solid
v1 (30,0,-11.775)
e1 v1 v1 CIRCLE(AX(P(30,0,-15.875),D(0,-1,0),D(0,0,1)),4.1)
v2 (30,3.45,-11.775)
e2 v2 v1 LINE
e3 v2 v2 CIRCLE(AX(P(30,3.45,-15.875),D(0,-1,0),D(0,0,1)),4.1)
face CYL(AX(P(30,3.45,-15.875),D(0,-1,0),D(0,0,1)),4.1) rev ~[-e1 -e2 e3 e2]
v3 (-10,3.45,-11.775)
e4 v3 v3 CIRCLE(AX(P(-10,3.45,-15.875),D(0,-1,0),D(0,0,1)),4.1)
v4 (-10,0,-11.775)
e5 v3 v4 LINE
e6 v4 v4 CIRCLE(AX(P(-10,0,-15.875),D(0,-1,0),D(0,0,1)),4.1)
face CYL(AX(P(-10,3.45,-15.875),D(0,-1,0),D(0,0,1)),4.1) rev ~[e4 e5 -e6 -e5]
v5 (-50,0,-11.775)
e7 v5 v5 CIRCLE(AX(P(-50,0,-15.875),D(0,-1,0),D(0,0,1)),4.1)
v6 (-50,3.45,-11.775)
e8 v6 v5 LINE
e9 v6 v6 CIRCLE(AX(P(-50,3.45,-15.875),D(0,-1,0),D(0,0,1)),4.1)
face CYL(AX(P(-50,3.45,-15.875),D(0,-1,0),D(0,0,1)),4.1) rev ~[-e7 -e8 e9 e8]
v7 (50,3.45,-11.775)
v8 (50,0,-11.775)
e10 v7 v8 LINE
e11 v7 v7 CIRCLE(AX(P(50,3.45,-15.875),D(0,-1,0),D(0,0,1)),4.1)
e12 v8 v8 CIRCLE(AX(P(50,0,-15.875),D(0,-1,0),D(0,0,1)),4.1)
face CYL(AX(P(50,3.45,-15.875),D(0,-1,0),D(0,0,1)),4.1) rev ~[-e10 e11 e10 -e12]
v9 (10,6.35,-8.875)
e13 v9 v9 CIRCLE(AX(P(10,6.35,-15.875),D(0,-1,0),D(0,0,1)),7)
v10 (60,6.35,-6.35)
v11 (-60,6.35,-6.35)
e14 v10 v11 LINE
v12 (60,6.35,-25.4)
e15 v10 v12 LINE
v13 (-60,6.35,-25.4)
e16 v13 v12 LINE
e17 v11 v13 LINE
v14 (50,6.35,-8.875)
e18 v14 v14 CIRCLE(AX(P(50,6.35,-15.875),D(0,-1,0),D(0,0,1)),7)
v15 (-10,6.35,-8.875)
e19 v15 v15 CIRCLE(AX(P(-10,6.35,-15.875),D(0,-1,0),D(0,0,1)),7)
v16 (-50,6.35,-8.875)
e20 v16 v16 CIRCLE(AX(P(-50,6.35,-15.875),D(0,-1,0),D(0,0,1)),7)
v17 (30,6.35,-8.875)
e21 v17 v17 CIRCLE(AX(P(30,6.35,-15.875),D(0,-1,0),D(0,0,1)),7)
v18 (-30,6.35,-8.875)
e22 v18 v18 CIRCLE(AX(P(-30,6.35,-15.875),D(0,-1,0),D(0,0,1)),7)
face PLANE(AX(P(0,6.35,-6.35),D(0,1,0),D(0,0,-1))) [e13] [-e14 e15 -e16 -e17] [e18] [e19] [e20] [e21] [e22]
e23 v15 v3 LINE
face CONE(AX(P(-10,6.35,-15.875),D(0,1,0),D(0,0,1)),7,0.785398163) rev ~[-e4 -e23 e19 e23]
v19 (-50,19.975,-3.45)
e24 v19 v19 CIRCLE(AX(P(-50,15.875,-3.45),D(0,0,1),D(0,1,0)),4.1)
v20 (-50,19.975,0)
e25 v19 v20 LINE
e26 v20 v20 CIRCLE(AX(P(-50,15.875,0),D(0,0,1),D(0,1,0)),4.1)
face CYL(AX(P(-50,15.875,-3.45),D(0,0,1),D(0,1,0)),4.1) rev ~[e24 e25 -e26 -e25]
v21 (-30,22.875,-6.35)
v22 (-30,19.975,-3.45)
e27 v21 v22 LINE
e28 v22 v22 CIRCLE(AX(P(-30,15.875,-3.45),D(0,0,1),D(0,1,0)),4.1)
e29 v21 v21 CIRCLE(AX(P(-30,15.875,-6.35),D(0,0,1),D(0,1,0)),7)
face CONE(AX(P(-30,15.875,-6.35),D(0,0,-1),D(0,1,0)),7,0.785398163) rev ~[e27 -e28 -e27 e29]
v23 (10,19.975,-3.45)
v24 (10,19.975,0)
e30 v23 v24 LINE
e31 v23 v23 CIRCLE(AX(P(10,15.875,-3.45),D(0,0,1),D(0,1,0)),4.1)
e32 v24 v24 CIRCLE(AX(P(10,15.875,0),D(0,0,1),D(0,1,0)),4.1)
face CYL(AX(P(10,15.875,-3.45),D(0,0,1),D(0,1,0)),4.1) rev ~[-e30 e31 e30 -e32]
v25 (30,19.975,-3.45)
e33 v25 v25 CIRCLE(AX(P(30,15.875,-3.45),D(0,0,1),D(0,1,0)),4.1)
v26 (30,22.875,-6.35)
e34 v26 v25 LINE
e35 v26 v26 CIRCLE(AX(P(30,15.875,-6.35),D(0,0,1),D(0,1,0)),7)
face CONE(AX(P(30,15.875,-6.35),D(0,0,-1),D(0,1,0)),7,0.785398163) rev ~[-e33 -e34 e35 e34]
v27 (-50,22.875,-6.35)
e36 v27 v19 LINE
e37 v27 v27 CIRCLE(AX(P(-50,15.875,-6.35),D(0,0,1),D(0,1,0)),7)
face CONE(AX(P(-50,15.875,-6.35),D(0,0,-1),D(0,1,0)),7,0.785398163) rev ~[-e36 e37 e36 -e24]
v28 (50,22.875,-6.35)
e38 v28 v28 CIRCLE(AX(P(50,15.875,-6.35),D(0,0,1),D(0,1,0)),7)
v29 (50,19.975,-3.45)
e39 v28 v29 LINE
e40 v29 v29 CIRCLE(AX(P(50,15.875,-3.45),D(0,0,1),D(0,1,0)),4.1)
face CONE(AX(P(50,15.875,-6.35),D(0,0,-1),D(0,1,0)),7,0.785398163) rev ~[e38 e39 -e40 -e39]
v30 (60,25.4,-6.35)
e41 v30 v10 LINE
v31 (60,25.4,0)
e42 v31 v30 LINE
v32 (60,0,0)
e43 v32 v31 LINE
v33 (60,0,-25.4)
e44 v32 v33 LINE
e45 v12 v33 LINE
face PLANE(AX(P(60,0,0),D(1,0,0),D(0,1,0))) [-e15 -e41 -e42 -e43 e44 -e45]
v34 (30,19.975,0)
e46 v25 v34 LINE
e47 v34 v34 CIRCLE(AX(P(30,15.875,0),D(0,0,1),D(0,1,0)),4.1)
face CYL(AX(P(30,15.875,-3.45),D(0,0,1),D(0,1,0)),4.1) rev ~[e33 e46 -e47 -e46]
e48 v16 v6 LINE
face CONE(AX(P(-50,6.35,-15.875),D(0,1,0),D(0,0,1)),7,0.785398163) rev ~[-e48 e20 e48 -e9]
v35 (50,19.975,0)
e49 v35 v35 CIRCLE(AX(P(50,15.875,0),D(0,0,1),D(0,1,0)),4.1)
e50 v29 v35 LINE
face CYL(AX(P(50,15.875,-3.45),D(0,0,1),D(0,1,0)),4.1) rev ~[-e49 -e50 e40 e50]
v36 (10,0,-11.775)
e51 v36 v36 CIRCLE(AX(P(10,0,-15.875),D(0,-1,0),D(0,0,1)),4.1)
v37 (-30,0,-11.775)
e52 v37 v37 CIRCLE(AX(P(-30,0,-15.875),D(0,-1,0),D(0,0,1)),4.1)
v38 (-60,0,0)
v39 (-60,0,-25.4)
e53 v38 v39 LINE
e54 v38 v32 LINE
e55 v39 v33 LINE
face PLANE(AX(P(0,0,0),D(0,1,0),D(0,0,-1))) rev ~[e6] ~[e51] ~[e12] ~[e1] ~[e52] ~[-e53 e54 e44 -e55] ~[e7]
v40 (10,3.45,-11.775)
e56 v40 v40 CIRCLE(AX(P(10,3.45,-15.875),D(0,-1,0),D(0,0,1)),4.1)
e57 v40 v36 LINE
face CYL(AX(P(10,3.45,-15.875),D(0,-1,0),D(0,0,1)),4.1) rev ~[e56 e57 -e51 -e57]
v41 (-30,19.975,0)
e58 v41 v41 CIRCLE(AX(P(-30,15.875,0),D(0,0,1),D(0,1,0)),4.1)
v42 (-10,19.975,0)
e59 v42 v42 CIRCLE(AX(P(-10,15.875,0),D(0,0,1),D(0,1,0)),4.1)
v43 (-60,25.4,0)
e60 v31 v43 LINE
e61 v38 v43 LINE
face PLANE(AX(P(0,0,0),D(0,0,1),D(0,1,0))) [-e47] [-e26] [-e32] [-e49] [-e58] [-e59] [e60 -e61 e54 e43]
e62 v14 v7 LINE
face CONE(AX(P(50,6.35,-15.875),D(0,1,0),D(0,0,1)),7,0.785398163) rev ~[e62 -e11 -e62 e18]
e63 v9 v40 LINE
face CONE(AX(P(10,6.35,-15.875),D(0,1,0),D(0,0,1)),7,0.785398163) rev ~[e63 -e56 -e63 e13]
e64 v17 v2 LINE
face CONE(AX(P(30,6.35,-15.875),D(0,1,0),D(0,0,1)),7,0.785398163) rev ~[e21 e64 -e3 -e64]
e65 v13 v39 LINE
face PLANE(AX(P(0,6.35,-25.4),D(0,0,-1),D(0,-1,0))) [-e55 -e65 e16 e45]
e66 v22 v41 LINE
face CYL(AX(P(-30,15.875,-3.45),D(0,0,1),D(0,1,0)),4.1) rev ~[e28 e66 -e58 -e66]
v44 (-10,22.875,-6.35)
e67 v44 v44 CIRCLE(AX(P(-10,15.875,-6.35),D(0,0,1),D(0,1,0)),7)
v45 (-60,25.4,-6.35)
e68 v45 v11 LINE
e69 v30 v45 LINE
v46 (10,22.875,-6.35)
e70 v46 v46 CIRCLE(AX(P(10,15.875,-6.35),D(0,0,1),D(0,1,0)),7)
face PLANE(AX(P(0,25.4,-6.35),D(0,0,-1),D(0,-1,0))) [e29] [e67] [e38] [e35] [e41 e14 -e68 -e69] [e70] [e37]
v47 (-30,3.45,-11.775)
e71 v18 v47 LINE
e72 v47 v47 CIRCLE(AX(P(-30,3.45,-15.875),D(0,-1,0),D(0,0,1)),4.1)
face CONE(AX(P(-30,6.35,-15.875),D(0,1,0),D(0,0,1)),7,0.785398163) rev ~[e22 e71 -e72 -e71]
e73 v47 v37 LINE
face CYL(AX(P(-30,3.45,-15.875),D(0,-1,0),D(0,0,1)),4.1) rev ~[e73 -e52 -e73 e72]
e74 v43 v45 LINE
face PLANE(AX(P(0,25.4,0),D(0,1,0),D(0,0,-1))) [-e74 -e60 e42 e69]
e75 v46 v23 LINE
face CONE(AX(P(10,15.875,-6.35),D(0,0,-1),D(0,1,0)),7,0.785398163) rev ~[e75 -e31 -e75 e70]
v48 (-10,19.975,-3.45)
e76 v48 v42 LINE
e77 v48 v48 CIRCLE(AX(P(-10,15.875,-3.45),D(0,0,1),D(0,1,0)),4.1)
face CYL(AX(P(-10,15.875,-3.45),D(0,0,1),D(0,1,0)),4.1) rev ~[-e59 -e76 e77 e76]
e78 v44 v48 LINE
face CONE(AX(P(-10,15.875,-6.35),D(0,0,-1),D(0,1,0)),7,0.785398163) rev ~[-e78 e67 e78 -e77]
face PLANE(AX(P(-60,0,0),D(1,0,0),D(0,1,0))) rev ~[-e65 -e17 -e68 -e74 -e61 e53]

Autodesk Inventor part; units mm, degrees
ref_plane "YZ Plane" through (0, 0, 0) normal (1, 0, 0) x (0, 1, 0)
ref_plane "XZ Plane" through (0, 0, 0) normal (0, 1, 0) x (-1, 0, 0)
ref_plane "XY Plane" through (0, 0, 0) normal (0, 0, 1) x (1, 0, 0)
sketch "Sketch1" plane through (0, 0, 0) normal (1, 0, 0) x (0, 1, 0)
  line L0 (0, 0) -> (25.4, 0)
  line L1 (0, 0) -> (0, -25.4)
  line L2 (25.4, -6.35) -> (6.35, -6.35)
  line L3 (6.35, -6.35) -> (6.35, -25.4)
  line L4 (6.35, -25.4) -> (0, -25.4)
  line L5 (25.4, 0) -> (25.4, -6.35)
  dimension "d0" = 25.4
  dimension "d1" = 25.4
  dimension "d2" = 6.35
extrude "Extrusion1" add sketch "Sketch1" along normal mid plane 120
sketch "Sketch2" plane through (-60, 6.35, -6.35) normal (0, 1, 0) x (1, 0, 0)
  circle A0 centre (10, 9.525) radius 4.1
  line L0 (0, 0) -> (0, 19.05) construction
  line L1 (0, 19.05) -> (120, 19.05) construction
  circle A1 centre (30, 9.525) radius 4.1
  circle A2 centre (50, 9.525) radius 4.1
  circle A3 centre (70, 9.525) radius 4.1
  circle A4 centre (90, 9.525) radius 4.1
  circle A5 centre (110, 9.525) radius 4.1
  point P0 (60, -6.35)
  point P1 (0, 9.525)
  point P2 (0, 9.525)
  dimension "d5" = 8.2
  dimension "d6" = 10
  dimension "d9" = 20
hole "Hole1" at (50, 6.35, -15.875) at (30, 6.35, -15.875) at (10, 6.35, -15.875) at (-10, 6.35, -15.875) at (-30, 6.35, -15.875) at (-50, 6.35, -15.875) direction (0, -1, 0) diameter 8.2 end through all countersink diameter 14 countersink angle 90
sketch "Sketch3" plane through (60, 25.4, -6.35) normal (0, 0, -1) x (-1, 0, 0)
  circle A0 centre (10, -9.525) radius 4
  line L0 (0, -19.05) -> (0, 0) construction
  line L1 (120, 0) -> (0, 0) construction
  circle A1 centre (30, -9.525) radius 4
  circle A2 centre (50, -9.525) radius 4
  circle A3 centre (70, -9.525) radius 4
  circle A4 centre (90, -9.525) radius 4
  circle A5 centre (110, -9.525) radius 4
  point P0 (60, -25.4)
  point P1 (0, -9.525)
  dimension "d21" = 8
  dimension "d22" = 10
  dimension "d25" = 20
hole "Hole2" at (50, 15.875, -6.35) at (30, 15.875, -6.35) at (10, 15.875, -6.35) at (-10, 15.875, -6.35) at (-30, 15.875, -6.35) at (-50, 15.875, -6.35) direction (0, 0, 1) diameter 8.2 end through all countersink diameter 14 countersink angle 90
properties part number "MotorMountingBracket"
